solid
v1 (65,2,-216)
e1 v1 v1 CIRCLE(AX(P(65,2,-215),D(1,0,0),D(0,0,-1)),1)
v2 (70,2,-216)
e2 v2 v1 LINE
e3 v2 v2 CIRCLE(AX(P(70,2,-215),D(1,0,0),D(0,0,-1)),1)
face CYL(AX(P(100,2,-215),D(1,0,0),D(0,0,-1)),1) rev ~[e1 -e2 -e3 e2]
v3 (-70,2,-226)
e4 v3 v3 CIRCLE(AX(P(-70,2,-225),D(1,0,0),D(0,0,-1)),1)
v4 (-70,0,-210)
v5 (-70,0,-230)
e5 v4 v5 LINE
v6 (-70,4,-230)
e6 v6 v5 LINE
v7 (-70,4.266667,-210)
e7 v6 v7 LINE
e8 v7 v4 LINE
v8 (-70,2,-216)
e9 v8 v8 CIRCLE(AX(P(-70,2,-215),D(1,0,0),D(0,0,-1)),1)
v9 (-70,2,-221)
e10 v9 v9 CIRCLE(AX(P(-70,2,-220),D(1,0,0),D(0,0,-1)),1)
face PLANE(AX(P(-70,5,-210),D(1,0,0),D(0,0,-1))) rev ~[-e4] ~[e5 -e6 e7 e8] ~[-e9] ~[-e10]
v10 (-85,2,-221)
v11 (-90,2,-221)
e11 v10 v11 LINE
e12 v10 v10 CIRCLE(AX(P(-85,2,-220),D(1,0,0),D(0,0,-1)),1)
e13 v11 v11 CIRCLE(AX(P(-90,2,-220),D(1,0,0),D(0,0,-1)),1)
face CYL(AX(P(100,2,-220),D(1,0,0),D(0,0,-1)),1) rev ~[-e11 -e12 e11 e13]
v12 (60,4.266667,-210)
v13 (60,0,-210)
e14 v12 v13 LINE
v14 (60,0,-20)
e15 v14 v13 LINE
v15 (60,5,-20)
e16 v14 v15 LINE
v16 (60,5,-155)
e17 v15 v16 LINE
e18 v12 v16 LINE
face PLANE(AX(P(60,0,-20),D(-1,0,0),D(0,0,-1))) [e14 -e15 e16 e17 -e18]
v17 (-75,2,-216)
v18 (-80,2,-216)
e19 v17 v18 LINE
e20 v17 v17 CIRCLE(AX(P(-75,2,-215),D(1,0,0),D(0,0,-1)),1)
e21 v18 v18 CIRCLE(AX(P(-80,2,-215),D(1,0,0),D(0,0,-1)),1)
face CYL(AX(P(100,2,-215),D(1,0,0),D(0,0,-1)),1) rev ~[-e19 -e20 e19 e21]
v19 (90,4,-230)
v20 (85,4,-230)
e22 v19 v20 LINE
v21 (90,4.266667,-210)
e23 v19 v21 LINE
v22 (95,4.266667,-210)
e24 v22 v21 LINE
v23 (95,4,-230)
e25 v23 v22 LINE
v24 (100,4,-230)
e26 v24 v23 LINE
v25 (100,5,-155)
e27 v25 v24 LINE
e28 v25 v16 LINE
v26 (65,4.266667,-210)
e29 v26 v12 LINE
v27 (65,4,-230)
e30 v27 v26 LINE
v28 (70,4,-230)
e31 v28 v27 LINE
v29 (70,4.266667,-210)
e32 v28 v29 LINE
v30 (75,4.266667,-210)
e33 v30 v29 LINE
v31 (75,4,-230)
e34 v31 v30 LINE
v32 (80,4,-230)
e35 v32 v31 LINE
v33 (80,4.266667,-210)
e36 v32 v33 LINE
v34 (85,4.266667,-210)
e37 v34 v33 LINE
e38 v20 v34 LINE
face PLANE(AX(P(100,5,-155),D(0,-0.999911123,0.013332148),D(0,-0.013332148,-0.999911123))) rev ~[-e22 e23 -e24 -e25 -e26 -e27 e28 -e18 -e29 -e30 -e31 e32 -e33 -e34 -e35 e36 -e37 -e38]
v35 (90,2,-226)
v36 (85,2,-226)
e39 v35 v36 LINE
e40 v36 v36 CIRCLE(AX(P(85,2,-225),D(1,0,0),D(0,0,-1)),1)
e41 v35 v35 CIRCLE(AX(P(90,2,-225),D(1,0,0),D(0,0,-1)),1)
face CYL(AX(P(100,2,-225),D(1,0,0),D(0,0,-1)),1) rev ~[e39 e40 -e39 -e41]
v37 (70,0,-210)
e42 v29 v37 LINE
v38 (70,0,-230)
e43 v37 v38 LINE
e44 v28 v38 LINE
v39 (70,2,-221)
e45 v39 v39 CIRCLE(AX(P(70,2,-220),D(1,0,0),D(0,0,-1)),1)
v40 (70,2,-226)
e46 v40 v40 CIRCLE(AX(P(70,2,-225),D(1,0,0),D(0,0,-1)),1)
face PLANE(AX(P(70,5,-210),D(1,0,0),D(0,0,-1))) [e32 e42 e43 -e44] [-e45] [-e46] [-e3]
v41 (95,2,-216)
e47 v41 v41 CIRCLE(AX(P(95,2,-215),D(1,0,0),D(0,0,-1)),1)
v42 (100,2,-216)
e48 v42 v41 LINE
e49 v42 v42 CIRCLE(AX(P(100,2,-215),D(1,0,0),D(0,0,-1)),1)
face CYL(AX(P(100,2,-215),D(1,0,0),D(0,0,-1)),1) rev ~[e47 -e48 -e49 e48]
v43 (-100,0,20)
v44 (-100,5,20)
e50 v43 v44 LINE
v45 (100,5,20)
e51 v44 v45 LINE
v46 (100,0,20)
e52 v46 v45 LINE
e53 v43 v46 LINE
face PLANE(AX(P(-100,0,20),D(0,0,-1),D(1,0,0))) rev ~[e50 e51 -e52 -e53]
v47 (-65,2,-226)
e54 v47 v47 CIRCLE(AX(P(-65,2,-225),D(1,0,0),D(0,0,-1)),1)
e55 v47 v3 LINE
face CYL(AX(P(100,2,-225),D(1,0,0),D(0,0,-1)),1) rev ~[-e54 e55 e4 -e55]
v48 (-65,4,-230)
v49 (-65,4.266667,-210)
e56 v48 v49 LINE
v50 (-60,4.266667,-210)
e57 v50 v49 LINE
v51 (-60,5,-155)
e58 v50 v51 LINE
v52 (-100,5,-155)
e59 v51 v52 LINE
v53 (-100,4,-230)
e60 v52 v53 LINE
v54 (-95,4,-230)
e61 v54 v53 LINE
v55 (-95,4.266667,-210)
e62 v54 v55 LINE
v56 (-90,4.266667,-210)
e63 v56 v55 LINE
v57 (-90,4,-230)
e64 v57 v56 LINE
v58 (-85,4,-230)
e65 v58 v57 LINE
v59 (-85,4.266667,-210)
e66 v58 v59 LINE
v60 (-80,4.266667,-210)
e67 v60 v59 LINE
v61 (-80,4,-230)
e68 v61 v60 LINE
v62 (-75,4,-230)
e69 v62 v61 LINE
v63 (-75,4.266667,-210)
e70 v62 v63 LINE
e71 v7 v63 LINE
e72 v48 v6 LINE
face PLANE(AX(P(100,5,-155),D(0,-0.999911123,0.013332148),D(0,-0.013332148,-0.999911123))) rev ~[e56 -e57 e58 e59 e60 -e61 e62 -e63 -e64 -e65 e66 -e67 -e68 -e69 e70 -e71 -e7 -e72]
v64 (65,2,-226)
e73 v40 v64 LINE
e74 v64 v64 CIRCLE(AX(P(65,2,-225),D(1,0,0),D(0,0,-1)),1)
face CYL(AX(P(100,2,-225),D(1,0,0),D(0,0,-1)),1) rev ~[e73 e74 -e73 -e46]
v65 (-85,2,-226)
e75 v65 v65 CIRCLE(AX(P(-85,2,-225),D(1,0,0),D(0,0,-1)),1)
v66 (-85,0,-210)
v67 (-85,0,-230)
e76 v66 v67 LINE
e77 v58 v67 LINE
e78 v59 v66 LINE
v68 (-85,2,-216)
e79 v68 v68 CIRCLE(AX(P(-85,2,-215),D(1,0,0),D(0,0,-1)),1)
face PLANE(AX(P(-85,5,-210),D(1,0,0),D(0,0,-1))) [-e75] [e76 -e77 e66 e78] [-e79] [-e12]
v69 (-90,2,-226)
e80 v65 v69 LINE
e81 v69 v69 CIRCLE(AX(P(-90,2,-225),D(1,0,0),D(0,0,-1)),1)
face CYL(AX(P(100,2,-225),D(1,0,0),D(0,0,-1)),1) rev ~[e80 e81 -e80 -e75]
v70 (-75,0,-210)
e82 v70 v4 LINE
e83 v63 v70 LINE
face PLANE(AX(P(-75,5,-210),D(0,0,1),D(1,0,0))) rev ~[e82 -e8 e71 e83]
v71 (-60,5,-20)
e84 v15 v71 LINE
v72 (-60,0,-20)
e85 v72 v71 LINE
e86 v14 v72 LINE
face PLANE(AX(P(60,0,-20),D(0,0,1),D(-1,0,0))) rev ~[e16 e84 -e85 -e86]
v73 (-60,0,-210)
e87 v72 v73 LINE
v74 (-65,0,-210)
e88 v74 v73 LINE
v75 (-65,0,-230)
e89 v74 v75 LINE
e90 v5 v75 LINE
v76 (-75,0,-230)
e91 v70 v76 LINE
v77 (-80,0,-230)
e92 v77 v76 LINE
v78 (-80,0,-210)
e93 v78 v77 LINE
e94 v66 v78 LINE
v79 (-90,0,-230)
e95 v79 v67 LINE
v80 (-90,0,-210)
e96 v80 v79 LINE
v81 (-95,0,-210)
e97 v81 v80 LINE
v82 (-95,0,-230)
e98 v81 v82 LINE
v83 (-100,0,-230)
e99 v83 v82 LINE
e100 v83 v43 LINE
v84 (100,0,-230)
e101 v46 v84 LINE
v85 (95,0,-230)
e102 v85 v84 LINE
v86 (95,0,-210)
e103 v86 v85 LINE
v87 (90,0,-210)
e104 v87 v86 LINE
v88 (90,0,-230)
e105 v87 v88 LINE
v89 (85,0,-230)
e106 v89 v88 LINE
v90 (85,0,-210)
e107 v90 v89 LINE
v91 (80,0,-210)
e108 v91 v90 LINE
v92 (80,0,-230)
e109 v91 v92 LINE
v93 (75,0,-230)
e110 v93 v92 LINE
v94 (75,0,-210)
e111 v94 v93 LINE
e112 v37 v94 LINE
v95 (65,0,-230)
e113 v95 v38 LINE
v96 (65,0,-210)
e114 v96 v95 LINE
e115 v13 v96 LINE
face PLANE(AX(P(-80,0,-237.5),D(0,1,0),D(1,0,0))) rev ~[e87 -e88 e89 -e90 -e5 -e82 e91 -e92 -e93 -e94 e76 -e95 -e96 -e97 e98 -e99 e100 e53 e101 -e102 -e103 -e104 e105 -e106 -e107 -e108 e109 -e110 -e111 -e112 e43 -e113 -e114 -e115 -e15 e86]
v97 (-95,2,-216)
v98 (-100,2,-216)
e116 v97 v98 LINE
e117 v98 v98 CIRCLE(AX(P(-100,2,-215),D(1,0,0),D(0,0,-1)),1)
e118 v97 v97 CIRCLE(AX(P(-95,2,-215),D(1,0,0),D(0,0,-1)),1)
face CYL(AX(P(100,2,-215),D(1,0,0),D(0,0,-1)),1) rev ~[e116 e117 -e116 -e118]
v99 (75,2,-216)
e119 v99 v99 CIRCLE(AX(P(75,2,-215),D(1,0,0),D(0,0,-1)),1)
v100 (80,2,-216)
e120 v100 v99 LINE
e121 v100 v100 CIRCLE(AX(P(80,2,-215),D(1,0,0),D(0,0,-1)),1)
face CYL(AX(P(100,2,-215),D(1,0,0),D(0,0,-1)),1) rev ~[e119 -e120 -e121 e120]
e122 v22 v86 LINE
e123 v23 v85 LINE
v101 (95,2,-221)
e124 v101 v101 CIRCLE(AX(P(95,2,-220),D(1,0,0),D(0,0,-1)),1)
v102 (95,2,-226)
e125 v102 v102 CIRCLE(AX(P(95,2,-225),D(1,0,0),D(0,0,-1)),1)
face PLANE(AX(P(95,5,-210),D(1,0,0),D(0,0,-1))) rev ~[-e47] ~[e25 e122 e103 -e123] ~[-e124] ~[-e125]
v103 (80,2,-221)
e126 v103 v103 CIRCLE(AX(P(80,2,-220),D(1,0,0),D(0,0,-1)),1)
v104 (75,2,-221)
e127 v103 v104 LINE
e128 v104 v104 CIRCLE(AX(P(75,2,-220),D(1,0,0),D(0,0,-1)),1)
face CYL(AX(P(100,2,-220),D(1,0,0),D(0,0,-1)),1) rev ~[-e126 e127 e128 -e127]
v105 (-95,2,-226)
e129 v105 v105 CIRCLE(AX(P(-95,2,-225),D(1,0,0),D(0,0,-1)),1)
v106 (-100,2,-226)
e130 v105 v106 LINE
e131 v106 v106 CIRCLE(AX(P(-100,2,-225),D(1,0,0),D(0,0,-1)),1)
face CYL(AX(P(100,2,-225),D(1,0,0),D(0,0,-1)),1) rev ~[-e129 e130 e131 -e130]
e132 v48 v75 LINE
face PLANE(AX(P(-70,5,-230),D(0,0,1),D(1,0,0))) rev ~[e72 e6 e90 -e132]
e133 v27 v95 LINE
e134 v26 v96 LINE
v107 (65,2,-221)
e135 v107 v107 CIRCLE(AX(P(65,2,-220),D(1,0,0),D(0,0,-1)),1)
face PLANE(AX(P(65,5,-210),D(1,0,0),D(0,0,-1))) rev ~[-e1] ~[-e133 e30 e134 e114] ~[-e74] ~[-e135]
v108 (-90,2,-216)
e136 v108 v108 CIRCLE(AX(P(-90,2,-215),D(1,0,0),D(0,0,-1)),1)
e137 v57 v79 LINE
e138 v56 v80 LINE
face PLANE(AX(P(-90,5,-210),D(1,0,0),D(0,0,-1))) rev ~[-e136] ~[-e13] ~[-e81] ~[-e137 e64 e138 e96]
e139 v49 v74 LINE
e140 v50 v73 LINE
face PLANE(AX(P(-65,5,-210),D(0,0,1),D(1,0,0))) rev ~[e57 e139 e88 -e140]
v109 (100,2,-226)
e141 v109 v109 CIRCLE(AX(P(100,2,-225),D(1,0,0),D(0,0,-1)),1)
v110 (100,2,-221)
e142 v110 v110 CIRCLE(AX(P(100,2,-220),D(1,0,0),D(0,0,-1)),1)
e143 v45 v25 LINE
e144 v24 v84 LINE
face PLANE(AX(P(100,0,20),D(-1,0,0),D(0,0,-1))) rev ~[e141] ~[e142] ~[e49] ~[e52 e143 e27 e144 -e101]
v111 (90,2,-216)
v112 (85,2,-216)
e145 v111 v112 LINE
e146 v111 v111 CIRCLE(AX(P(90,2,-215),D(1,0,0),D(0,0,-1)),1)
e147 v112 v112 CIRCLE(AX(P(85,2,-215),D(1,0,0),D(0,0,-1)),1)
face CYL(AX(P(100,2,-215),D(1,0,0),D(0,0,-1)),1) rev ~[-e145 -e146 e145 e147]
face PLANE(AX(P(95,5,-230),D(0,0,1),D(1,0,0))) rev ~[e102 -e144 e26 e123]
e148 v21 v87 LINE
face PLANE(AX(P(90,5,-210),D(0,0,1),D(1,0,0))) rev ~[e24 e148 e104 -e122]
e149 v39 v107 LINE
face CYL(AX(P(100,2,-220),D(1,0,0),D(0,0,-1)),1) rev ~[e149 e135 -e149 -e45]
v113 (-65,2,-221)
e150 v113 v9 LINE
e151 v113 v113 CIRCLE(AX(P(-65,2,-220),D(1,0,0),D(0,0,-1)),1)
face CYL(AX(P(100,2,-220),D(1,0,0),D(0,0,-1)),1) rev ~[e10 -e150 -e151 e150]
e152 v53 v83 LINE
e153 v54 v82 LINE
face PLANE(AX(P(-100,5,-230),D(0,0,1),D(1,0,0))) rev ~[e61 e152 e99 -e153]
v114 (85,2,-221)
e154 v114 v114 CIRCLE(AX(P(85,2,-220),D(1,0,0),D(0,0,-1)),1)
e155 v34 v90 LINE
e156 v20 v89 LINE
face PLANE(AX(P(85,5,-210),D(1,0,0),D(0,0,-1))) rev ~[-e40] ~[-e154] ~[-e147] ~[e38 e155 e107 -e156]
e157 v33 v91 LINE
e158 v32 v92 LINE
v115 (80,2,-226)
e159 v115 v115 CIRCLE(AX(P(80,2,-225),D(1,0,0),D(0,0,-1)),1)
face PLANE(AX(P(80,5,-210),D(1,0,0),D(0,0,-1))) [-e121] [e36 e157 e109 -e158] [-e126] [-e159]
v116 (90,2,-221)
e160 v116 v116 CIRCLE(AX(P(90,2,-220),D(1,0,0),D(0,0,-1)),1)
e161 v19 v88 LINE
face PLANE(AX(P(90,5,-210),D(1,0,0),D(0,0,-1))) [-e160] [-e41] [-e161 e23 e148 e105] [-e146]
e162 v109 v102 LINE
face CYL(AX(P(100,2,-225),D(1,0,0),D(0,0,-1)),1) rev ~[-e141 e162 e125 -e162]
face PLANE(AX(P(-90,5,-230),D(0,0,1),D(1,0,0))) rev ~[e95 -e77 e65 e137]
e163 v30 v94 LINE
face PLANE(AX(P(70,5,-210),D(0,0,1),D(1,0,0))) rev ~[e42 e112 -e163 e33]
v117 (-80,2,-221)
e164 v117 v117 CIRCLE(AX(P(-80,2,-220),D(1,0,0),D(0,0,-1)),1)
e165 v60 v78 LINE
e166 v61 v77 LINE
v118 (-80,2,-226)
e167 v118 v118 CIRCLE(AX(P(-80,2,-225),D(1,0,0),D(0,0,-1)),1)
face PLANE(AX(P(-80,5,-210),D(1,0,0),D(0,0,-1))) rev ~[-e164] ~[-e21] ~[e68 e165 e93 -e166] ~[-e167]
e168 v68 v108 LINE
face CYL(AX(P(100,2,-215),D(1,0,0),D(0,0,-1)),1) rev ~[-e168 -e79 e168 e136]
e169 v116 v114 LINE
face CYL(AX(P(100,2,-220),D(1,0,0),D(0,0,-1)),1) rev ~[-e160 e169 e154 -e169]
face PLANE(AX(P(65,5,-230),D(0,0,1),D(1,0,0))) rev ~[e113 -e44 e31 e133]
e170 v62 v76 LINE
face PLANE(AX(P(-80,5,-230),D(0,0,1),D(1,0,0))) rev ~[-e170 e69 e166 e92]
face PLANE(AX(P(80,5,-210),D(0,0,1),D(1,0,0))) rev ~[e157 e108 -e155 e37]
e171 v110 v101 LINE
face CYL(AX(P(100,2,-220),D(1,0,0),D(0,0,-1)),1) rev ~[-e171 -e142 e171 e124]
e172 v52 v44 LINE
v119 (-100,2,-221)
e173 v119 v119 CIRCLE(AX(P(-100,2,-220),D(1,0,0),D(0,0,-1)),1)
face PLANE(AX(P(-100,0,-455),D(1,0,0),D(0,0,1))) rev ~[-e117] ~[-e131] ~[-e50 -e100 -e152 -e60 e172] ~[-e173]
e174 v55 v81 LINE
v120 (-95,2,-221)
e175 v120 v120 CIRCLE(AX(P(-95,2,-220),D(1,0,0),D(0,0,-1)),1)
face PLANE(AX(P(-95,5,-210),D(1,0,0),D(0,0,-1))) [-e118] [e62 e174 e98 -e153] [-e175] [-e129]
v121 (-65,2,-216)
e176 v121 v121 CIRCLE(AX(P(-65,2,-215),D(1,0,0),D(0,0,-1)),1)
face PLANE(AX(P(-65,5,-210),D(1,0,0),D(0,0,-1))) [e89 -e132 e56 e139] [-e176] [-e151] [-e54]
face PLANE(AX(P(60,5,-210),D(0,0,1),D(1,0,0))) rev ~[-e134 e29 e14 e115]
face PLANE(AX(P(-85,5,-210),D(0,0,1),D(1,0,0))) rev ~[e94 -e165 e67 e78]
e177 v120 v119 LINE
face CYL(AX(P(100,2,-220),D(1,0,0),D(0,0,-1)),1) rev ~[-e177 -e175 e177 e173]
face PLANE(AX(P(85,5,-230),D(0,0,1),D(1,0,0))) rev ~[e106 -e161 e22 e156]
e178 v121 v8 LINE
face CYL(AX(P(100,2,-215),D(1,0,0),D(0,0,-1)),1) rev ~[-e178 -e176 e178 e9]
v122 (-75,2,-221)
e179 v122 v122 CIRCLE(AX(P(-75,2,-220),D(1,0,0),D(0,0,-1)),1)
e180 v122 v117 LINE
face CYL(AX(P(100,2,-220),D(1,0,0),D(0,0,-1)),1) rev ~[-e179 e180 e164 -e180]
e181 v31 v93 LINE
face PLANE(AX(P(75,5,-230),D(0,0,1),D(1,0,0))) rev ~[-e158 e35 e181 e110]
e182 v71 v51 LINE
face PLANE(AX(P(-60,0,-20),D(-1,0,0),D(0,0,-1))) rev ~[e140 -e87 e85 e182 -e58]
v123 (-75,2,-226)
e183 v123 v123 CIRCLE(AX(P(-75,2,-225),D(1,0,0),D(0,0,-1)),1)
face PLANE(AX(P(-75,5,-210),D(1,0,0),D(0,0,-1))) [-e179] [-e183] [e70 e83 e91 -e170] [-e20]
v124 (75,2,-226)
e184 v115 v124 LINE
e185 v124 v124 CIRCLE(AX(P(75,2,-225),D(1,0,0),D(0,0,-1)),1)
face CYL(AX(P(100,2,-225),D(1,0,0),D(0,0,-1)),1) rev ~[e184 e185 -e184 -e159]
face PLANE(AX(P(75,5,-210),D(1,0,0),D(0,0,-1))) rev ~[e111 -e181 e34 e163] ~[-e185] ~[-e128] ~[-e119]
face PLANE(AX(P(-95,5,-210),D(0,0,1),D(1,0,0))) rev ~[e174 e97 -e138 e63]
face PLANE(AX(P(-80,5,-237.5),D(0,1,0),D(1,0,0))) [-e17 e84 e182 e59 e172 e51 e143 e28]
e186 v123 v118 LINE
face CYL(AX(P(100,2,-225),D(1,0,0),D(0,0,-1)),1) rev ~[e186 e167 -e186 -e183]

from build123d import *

# Parameters (mm, degrees)
SKETCH_1_W          = 40
SKETCH_1_H          = 435
SKETCH_1_H_2        = 40
SKETCH_1_W_2        = 120
EXTRUDE_1_DEPTH     = 5
CUT_EXTRUDE_2_DEPTH = 498.041245773
SKETCH_3_W          = 5
SKETCH_3_H          = 20
CUT_EXTRUDE_3_DEPTH = 466.886252212
SKETCH_4_R          = 1
CUT_EXTRUDE_4_DEPTH = 305.836021494


with BuildPart() as part:
    # 草图1 → 凸台-拉伸1 (new body)
    with BuildSketch(Plane(origin=(0, 0, 0), x_dir=(1, 0, 0), z_dir=(0, 1, 0))):
        with Locations((-80, 237.5)):
            Rectangle(SKETCH_1_W, SKETCH_1_H)
        with Locations((-80, 0)):
            Rectangle(SKETCH_1_W, SKETCH_1_H_2)
        Rectangle(SKETCH_1_W_2, SKETCH_1_H_2)
        with Locations((80, 0)):
            Rectangle(SKETCH_1_W, SKETCH_1_H_2)
        with Locations((80, 237.5)):
            Rectangle(SKETCH_1_W, SKETCH_1_H)
    extrude(amount=EXTRUDE_1_DEPTH)

    # 草图2 → 切除-拉伸2 (cut, through all)
    with BuildSketch(Plane(origin=(100, 0, 0), x_dir=(0, 0, -1), z_dir=(1, 0, 0))):
        Polygon((155, 5), (455, 1), (455, 5), align=None)
    extrude(amount=-CUT_EXTRUDE_2_DEPTH, mode=Mode.SUBTRACT)

    # 草图3 → 切除-拉伸3 (cut, through all)
    with BuildSketch(Plane(origin=(0, 5, 0), x_dir=(1, 0, 0), z_dir=(0, 1, 0))):
        Polygon((-100, 455), (-100, 230), (-95, 230), (-90, 230), (-85, 230), (-80, 230), (-75, 230), (-70, 230), (-65, 230), (-60, 230), (60, 230), (65, 230), (70, 230), (75, 230), (80, 230), (85, 230), (90, 230), (95, 230), (100, 230), (100, 455), align=None)
        with Locations((-92.5, 220)):
            Rectangle(SKETCH_3_W, SKETCH_3_H)
        with Locations((-82.5, 220)):
            Rectangle(SKETCH_3_W, SKETCH_3_H)
        with Locations((-72.5, 220)):
            Rectangle(SKETCH_3_W, SKETCH_3_H)
        with Locations((-62.5, 220)):
            Rectangle(SKETCH_3_W, SKETCH_3_H)
        with Locations((62.5, 220)):
            Rectangle(SKETCH_3_W, SKETCH_3_H)
        with Locations((72.5, 220)):
            Rectangle(SKETCH_3_W, SKETCH_3_H)
        with Locations((82.5, 220)):
            Rectangle(SKETCH_3_W, SKETCH_3_H)
        with Locations((92.5, 220)):
            Rectangle(SKETCH_3_W, SKETCH_3_H)
    extrude(amount=-CUT_EXTRUDE_3_DEPTH, mode=Mode.SUBTRACT)

    # 草图4 → 切除-拉伸4 (cut, through all)
    with BuildSketch(Plane(origin=(100, 0, 0), x_dir=(0, 0, -1), z_dir=(1, 0, 0))):
        with Locations((225, 2)):
            Circle(SKETCH_4_R)
        with Locations((220, 2)):
            Circle(SKETCH_4_R)
        with Locations((215, 2)):
            Circle(SKETCH_4_R)
    extrude(amount=-CUT_EXTRUDE_4_DEPTH, mode=Mode.SUBTRACT)


solid = part.part
